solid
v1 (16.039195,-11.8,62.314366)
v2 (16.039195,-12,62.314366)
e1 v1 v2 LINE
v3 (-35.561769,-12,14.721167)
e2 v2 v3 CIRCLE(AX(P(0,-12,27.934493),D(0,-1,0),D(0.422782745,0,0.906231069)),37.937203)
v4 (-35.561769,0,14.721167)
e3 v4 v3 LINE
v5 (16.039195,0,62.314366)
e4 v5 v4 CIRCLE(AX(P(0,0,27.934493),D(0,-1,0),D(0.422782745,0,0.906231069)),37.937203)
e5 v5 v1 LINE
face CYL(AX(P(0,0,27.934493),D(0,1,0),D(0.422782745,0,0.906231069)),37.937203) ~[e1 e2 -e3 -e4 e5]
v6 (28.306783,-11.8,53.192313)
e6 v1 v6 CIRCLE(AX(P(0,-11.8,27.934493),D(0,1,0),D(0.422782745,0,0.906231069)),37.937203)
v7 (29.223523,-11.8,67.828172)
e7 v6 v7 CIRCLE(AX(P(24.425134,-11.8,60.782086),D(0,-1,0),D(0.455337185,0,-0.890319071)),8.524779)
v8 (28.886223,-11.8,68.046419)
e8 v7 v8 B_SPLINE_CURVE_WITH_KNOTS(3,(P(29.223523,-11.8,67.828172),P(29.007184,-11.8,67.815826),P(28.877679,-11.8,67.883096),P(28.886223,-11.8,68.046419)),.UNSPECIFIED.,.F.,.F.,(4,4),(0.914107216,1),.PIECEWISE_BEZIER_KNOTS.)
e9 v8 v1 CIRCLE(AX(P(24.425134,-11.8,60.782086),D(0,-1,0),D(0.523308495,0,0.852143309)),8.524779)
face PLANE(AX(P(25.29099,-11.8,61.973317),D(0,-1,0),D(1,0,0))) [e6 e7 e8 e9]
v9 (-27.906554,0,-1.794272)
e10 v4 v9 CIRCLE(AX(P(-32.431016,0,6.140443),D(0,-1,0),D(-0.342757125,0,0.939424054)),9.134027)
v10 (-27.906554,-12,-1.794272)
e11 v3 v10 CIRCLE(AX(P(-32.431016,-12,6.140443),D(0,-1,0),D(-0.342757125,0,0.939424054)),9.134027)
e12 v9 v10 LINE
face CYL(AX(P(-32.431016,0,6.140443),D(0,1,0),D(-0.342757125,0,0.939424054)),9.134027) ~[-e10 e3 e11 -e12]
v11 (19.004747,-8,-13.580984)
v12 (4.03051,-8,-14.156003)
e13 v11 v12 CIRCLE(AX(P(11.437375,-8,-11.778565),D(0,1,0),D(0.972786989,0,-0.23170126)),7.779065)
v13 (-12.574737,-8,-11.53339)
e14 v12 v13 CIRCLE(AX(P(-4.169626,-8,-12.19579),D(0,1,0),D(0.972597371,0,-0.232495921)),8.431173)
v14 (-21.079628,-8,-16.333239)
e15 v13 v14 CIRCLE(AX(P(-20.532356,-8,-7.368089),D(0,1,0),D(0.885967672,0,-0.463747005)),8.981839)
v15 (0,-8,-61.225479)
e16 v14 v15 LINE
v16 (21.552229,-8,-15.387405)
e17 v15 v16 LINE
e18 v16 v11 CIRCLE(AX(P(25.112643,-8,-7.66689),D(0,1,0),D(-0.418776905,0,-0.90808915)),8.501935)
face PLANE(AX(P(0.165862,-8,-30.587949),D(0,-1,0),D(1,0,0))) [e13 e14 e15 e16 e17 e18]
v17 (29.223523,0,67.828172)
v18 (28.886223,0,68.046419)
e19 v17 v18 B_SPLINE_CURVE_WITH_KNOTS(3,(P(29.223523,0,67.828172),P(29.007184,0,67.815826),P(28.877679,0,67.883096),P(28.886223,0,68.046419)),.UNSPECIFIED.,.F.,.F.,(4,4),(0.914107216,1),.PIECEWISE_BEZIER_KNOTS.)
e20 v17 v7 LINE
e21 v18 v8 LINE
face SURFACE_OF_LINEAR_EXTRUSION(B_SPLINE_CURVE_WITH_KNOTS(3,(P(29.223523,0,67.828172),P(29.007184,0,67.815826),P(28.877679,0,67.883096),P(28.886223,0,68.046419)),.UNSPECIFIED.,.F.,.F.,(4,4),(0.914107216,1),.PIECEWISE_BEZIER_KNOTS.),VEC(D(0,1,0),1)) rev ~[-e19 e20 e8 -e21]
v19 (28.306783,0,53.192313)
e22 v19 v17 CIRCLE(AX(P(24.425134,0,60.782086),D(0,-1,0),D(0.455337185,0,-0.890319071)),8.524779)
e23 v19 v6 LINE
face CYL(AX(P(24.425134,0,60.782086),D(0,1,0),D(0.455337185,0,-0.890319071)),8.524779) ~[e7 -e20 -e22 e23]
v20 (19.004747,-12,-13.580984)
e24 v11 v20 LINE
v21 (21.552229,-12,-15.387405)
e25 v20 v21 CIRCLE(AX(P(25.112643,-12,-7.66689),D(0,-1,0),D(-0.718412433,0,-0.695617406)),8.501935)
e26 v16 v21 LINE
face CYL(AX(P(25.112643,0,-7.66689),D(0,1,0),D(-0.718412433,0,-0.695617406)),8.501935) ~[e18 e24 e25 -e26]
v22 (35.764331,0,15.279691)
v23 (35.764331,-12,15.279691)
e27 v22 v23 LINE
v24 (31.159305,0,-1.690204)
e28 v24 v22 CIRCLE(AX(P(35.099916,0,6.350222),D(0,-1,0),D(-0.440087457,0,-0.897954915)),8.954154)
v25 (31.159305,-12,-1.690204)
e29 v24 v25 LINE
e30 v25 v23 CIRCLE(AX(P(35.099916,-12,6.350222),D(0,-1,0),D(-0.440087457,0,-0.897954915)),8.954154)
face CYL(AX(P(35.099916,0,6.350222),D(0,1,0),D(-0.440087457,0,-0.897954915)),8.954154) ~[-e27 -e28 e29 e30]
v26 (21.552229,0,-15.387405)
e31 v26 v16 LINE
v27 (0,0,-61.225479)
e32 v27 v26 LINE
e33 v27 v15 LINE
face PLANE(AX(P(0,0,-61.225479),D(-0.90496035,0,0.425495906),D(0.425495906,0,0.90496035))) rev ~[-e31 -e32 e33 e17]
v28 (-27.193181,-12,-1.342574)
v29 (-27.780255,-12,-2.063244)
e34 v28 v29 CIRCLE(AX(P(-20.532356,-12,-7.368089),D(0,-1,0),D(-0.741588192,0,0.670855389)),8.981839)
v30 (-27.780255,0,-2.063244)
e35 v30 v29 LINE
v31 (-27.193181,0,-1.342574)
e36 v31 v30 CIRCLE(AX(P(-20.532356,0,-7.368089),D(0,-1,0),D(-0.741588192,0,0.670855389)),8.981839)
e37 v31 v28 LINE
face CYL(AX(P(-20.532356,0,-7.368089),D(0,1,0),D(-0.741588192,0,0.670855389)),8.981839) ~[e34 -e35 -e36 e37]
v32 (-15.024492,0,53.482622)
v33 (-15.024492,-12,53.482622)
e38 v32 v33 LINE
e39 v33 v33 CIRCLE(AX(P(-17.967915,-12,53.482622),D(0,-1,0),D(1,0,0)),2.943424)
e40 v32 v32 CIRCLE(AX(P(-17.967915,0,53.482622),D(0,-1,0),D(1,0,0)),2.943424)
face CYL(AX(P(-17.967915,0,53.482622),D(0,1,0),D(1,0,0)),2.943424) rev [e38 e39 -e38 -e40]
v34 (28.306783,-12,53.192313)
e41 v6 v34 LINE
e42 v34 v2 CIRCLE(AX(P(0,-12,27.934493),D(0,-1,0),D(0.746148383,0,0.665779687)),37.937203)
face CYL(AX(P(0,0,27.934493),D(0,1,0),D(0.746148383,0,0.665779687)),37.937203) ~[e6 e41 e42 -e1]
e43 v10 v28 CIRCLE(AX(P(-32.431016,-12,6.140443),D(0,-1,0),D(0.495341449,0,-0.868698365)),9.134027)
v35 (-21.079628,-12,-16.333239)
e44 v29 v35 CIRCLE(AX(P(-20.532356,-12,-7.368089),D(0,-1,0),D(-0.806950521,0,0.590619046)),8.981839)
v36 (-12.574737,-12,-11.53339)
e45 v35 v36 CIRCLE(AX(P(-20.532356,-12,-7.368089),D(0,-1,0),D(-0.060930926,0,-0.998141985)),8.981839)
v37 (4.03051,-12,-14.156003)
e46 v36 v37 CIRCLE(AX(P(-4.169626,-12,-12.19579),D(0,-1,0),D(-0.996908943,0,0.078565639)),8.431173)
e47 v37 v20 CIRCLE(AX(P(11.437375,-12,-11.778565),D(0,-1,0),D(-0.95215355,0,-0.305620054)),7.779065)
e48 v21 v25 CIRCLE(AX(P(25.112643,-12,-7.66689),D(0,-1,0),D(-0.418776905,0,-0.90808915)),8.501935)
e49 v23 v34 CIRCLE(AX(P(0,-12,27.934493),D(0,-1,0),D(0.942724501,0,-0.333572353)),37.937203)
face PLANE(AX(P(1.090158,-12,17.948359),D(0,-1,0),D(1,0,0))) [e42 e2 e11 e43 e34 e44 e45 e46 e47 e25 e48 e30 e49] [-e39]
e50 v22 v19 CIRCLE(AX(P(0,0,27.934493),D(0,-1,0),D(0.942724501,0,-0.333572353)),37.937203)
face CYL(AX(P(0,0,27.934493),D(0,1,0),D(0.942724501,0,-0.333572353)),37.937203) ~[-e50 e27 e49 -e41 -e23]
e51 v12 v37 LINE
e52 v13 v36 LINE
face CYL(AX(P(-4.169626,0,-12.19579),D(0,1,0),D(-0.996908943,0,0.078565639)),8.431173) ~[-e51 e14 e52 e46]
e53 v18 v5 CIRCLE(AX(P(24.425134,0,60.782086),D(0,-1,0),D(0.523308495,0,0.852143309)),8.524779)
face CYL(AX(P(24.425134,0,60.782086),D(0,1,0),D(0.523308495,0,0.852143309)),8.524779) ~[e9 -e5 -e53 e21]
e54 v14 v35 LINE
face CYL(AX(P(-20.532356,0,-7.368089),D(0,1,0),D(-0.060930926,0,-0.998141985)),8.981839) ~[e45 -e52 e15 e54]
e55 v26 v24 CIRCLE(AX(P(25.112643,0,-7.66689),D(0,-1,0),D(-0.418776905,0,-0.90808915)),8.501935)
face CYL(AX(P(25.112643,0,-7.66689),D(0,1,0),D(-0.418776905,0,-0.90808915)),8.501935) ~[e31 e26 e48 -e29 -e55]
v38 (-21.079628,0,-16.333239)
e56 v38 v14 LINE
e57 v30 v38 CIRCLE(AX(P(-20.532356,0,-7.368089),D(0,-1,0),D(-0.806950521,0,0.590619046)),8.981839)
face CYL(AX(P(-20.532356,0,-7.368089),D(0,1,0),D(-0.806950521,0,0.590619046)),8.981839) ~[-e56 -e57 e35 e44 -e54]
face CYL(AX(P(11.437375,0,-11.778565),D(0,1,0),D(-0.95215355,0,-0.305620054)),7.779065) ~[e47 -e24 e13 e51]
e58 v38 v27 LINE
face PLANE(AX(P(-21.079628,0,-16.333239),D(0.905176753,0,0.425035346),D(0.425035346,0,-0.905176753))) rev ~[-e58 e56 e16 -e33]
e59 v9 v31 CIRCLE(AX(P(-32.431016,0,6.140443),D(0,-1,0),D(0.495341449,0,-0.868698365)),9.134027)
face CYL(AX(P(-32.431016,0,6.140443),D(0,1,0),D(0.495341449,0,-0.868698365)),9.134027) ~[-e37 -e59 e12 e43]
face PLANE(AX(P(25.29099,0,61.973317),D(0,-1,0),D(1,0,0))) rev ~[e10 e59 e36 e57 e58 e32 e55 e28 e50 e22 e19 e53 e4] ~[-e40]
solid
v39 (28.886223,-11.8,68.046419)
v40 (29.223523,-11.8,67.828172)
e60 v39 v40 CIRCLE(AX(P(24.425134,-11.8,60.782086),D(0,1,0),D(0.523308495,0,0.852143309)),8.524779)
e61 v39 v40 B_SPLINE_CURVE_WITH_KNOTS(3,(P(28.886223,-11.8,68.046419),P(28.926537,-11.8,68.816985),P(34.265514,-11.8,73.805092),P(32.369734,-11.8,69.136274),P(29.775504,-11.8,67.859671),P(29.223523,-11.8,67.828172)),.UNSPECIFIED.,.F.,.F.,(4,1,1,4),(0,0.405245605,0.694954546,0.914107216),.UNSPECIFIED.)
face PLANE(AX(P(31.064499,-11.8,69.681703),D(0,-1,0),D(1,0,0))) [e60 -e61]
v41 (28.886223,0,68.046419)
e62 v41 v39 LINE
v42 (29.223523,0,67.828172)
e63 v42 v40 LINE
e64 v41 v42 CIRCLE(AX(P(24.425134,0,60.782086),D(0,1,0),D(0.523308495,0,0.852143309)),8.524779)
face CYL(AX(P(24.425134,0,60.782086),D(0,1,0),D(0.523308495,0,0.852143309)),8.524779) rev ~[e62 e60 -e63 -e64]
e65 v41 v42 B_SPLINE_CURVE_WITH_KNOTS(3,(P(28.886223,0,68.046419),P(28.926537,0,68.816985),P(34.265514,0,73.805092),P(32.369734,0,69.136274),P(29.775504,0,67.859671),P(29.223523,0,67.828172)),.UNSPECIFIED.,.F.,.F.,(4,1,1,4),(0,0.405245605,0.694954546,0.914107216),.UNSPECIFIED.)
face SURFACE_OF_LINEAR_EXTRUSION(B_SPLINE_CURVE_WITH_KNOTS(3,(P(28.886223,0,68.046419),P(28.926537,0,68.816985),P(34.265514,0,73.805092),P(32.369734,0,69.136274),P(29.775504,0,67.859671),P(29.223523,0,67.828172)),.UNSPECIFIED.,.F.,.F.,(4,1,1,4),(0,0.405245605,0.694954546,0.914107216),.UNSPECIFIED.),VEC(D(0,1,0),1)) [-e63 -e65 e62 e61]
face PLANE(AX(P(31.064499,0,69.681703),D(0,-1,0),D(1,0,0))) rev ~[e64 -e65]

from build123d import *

# Parameters (mm, degrees)
F0_R     = 2.9434235735
F1_DEPTH = 12
F2_DEPTH = 8
F3_DEPTH = 11.8
F4_DEPTH = 11.8


with BuildPart() as f1:
    # F0 (on Front) → F1 (new body)
    with BuildSketch(Plane.XZ):
        with BuildLine():
            ThreePointArc((31.1593048641, -1.6902042533), (43.7415417741, 4.0051920343), (35.7643310919, 15.2796913254))
            ThreePointArc((35.7643310919, 15.2796913254), (37.2238986373, 35.2565674313), (28.3067829054, 53.1923128408))
            ThreePointArc((28.3067829054, 53.1923128408), (22.6372348296, 58.3776700022), (16.0391949523, 62.3143658315))
            ThreePointArc((16.0391949523, 62.3143658315), (-25.7208254671, 55.8212382649), (-35.5617688497, 14.7211671656))
            ThreePointArc((-35.5617688497, 14.7211671656), (-40.7180864689, 2.2992303886), (-27.9065539342, -1.7942716323))
            ThreePointArc((-27.9065539342, -1.7942716323), (-27.5446454608, -1.5766701921), (-27.1931813438, -1.342573835))
            ThreePointArc((-27.1931813438, -1.342573835), (-27.4960472706, -1.6953091832), (-27.7802552335, -2.0632437281))
            ThreePointArc((-27.7802552335, -2.0632437281), (-28.6625074121, -11.1856876732), (-21.0796275499, -16.3332390751))
            ThreePointArc((-21.0796275499, -16.3332390751), (-16.1178400261, -15.1902033764), (-12.574737056, -11.5333895472))
            ThreePointArc((-12.574737056, -11.5333895472), (-5.4849315522, -20.5237333781), (4.0305104731, -14.1560032219))
            ThreePointArc((4.0305104731, -14.1560032219), (11.7358749898, -19.5519005786), (19.0047474963, -13.5809841412))
            ThreePointArc((19.0047474963, -13.5809841412), (20.1948345196, -14.6021663277), (21.5522292089, -15.3874050418))
            ThreePointArc((21.5522292089, -15.3874050418), (32.0731520497, -12.5489196499), (31.1593048641, -1.6902042533))
        make_face()
        with Locations((-17.9679151624, 53.4826219082)):
            Circle(F0_R, mode=Mode.SUBTRACT)
    extrude(amount=F1_DEPTH)

    # F0 (on Front) → F2 (join)
    with BuildSketch(Plane.XZ):
        with BuildLine():
            Line((0, -61.2254792136), (21.5522292089, -15.3874050418))
            ThreePointArc((21.5522292089, -15.3874050418), (20.1948345196, -14.6021663277), (19.0047474963, -13.5809841412))
            ThreePointArc((19.0047474963, -13.5809841412), (11.7358749898, -19.5519005786), (4.0305104731, -14.1560032219))
            ThreePointArc((4.0305104731, -14.1560032219), (-5.4849315522, -20.5237333781), (-12.574737056, -11.5333895472))
            ThreePointArc((-12.574737056, -11.5333895472), (-16.1178400261, -15.1902033764), (-21.0796275499, -16.3332390751))
            Line((-21.0796275499, -16.3332390751), (0, -61.2254792136))
        make_face()
    extrude(amount=F2_DEPTH)

    # F0 (on Front) → F3 (join)
    with BuildSketch(Plane.XZ):
        with BuildLine():
            ThreePointArc((16.0391949523, 62.3143658315), (22.6372348296, 58.3776700022), (28.3067829054, 53.1923128408))
            ThreePointArc((28.3067829054, 53.1923128408), (32.9332392438, 60.249167579), (29.2235228949, 67.8281715806))
            add(Edge.make_bspline(
                [(29.2235228949, 67.8281715806), (29.0071843018, 67.815826003), (28.877678793, 67.8830963022), (28.8862232988, 68.0464194359)],
                knots=[0.9141072162, 0.9141072162, 0.9141072162, 0.9141072162, 1, 1, 1, 1], degree=3))
            ThreePointArc((28.8862232988, 68.0464194359), (20.9516313256, 68.5671124151), (16.0391949523, 62.3143658315))
        make_face()
    extrude(amount=F3_DEPTH)


with BuildPart() as f4:
    # F0 (on Front) → F4 (new body)
    with BuildSketch(Plane.XZ):
        with BuildLine():
            ThreePointArc((28.8862232988, 68.0464194359), (29.0561589553, 67.939282788), (29.2235228949, 67.8281715806))
            add(Edge.make_bspline(
                [(28.8862232988, 68.0464194359), (28.9265366205, 68.8169845438), (34.2655144887, 73.8050920902), (32.3697336449, 69.1362739393), (29.7755038445, 67.8596709242), (29.2235228949, 67.8281715806)],
                knots=[0, 0, 0, 0, 0.4052456054, 0.694954546, 0.9141072162, 0.9141072162, 0.9141072162, 0.9141072162], degree=3))
        make_face()
    extrude(amount=F4_DEPTH)


solid = Compound([f1.part, f4.part])
